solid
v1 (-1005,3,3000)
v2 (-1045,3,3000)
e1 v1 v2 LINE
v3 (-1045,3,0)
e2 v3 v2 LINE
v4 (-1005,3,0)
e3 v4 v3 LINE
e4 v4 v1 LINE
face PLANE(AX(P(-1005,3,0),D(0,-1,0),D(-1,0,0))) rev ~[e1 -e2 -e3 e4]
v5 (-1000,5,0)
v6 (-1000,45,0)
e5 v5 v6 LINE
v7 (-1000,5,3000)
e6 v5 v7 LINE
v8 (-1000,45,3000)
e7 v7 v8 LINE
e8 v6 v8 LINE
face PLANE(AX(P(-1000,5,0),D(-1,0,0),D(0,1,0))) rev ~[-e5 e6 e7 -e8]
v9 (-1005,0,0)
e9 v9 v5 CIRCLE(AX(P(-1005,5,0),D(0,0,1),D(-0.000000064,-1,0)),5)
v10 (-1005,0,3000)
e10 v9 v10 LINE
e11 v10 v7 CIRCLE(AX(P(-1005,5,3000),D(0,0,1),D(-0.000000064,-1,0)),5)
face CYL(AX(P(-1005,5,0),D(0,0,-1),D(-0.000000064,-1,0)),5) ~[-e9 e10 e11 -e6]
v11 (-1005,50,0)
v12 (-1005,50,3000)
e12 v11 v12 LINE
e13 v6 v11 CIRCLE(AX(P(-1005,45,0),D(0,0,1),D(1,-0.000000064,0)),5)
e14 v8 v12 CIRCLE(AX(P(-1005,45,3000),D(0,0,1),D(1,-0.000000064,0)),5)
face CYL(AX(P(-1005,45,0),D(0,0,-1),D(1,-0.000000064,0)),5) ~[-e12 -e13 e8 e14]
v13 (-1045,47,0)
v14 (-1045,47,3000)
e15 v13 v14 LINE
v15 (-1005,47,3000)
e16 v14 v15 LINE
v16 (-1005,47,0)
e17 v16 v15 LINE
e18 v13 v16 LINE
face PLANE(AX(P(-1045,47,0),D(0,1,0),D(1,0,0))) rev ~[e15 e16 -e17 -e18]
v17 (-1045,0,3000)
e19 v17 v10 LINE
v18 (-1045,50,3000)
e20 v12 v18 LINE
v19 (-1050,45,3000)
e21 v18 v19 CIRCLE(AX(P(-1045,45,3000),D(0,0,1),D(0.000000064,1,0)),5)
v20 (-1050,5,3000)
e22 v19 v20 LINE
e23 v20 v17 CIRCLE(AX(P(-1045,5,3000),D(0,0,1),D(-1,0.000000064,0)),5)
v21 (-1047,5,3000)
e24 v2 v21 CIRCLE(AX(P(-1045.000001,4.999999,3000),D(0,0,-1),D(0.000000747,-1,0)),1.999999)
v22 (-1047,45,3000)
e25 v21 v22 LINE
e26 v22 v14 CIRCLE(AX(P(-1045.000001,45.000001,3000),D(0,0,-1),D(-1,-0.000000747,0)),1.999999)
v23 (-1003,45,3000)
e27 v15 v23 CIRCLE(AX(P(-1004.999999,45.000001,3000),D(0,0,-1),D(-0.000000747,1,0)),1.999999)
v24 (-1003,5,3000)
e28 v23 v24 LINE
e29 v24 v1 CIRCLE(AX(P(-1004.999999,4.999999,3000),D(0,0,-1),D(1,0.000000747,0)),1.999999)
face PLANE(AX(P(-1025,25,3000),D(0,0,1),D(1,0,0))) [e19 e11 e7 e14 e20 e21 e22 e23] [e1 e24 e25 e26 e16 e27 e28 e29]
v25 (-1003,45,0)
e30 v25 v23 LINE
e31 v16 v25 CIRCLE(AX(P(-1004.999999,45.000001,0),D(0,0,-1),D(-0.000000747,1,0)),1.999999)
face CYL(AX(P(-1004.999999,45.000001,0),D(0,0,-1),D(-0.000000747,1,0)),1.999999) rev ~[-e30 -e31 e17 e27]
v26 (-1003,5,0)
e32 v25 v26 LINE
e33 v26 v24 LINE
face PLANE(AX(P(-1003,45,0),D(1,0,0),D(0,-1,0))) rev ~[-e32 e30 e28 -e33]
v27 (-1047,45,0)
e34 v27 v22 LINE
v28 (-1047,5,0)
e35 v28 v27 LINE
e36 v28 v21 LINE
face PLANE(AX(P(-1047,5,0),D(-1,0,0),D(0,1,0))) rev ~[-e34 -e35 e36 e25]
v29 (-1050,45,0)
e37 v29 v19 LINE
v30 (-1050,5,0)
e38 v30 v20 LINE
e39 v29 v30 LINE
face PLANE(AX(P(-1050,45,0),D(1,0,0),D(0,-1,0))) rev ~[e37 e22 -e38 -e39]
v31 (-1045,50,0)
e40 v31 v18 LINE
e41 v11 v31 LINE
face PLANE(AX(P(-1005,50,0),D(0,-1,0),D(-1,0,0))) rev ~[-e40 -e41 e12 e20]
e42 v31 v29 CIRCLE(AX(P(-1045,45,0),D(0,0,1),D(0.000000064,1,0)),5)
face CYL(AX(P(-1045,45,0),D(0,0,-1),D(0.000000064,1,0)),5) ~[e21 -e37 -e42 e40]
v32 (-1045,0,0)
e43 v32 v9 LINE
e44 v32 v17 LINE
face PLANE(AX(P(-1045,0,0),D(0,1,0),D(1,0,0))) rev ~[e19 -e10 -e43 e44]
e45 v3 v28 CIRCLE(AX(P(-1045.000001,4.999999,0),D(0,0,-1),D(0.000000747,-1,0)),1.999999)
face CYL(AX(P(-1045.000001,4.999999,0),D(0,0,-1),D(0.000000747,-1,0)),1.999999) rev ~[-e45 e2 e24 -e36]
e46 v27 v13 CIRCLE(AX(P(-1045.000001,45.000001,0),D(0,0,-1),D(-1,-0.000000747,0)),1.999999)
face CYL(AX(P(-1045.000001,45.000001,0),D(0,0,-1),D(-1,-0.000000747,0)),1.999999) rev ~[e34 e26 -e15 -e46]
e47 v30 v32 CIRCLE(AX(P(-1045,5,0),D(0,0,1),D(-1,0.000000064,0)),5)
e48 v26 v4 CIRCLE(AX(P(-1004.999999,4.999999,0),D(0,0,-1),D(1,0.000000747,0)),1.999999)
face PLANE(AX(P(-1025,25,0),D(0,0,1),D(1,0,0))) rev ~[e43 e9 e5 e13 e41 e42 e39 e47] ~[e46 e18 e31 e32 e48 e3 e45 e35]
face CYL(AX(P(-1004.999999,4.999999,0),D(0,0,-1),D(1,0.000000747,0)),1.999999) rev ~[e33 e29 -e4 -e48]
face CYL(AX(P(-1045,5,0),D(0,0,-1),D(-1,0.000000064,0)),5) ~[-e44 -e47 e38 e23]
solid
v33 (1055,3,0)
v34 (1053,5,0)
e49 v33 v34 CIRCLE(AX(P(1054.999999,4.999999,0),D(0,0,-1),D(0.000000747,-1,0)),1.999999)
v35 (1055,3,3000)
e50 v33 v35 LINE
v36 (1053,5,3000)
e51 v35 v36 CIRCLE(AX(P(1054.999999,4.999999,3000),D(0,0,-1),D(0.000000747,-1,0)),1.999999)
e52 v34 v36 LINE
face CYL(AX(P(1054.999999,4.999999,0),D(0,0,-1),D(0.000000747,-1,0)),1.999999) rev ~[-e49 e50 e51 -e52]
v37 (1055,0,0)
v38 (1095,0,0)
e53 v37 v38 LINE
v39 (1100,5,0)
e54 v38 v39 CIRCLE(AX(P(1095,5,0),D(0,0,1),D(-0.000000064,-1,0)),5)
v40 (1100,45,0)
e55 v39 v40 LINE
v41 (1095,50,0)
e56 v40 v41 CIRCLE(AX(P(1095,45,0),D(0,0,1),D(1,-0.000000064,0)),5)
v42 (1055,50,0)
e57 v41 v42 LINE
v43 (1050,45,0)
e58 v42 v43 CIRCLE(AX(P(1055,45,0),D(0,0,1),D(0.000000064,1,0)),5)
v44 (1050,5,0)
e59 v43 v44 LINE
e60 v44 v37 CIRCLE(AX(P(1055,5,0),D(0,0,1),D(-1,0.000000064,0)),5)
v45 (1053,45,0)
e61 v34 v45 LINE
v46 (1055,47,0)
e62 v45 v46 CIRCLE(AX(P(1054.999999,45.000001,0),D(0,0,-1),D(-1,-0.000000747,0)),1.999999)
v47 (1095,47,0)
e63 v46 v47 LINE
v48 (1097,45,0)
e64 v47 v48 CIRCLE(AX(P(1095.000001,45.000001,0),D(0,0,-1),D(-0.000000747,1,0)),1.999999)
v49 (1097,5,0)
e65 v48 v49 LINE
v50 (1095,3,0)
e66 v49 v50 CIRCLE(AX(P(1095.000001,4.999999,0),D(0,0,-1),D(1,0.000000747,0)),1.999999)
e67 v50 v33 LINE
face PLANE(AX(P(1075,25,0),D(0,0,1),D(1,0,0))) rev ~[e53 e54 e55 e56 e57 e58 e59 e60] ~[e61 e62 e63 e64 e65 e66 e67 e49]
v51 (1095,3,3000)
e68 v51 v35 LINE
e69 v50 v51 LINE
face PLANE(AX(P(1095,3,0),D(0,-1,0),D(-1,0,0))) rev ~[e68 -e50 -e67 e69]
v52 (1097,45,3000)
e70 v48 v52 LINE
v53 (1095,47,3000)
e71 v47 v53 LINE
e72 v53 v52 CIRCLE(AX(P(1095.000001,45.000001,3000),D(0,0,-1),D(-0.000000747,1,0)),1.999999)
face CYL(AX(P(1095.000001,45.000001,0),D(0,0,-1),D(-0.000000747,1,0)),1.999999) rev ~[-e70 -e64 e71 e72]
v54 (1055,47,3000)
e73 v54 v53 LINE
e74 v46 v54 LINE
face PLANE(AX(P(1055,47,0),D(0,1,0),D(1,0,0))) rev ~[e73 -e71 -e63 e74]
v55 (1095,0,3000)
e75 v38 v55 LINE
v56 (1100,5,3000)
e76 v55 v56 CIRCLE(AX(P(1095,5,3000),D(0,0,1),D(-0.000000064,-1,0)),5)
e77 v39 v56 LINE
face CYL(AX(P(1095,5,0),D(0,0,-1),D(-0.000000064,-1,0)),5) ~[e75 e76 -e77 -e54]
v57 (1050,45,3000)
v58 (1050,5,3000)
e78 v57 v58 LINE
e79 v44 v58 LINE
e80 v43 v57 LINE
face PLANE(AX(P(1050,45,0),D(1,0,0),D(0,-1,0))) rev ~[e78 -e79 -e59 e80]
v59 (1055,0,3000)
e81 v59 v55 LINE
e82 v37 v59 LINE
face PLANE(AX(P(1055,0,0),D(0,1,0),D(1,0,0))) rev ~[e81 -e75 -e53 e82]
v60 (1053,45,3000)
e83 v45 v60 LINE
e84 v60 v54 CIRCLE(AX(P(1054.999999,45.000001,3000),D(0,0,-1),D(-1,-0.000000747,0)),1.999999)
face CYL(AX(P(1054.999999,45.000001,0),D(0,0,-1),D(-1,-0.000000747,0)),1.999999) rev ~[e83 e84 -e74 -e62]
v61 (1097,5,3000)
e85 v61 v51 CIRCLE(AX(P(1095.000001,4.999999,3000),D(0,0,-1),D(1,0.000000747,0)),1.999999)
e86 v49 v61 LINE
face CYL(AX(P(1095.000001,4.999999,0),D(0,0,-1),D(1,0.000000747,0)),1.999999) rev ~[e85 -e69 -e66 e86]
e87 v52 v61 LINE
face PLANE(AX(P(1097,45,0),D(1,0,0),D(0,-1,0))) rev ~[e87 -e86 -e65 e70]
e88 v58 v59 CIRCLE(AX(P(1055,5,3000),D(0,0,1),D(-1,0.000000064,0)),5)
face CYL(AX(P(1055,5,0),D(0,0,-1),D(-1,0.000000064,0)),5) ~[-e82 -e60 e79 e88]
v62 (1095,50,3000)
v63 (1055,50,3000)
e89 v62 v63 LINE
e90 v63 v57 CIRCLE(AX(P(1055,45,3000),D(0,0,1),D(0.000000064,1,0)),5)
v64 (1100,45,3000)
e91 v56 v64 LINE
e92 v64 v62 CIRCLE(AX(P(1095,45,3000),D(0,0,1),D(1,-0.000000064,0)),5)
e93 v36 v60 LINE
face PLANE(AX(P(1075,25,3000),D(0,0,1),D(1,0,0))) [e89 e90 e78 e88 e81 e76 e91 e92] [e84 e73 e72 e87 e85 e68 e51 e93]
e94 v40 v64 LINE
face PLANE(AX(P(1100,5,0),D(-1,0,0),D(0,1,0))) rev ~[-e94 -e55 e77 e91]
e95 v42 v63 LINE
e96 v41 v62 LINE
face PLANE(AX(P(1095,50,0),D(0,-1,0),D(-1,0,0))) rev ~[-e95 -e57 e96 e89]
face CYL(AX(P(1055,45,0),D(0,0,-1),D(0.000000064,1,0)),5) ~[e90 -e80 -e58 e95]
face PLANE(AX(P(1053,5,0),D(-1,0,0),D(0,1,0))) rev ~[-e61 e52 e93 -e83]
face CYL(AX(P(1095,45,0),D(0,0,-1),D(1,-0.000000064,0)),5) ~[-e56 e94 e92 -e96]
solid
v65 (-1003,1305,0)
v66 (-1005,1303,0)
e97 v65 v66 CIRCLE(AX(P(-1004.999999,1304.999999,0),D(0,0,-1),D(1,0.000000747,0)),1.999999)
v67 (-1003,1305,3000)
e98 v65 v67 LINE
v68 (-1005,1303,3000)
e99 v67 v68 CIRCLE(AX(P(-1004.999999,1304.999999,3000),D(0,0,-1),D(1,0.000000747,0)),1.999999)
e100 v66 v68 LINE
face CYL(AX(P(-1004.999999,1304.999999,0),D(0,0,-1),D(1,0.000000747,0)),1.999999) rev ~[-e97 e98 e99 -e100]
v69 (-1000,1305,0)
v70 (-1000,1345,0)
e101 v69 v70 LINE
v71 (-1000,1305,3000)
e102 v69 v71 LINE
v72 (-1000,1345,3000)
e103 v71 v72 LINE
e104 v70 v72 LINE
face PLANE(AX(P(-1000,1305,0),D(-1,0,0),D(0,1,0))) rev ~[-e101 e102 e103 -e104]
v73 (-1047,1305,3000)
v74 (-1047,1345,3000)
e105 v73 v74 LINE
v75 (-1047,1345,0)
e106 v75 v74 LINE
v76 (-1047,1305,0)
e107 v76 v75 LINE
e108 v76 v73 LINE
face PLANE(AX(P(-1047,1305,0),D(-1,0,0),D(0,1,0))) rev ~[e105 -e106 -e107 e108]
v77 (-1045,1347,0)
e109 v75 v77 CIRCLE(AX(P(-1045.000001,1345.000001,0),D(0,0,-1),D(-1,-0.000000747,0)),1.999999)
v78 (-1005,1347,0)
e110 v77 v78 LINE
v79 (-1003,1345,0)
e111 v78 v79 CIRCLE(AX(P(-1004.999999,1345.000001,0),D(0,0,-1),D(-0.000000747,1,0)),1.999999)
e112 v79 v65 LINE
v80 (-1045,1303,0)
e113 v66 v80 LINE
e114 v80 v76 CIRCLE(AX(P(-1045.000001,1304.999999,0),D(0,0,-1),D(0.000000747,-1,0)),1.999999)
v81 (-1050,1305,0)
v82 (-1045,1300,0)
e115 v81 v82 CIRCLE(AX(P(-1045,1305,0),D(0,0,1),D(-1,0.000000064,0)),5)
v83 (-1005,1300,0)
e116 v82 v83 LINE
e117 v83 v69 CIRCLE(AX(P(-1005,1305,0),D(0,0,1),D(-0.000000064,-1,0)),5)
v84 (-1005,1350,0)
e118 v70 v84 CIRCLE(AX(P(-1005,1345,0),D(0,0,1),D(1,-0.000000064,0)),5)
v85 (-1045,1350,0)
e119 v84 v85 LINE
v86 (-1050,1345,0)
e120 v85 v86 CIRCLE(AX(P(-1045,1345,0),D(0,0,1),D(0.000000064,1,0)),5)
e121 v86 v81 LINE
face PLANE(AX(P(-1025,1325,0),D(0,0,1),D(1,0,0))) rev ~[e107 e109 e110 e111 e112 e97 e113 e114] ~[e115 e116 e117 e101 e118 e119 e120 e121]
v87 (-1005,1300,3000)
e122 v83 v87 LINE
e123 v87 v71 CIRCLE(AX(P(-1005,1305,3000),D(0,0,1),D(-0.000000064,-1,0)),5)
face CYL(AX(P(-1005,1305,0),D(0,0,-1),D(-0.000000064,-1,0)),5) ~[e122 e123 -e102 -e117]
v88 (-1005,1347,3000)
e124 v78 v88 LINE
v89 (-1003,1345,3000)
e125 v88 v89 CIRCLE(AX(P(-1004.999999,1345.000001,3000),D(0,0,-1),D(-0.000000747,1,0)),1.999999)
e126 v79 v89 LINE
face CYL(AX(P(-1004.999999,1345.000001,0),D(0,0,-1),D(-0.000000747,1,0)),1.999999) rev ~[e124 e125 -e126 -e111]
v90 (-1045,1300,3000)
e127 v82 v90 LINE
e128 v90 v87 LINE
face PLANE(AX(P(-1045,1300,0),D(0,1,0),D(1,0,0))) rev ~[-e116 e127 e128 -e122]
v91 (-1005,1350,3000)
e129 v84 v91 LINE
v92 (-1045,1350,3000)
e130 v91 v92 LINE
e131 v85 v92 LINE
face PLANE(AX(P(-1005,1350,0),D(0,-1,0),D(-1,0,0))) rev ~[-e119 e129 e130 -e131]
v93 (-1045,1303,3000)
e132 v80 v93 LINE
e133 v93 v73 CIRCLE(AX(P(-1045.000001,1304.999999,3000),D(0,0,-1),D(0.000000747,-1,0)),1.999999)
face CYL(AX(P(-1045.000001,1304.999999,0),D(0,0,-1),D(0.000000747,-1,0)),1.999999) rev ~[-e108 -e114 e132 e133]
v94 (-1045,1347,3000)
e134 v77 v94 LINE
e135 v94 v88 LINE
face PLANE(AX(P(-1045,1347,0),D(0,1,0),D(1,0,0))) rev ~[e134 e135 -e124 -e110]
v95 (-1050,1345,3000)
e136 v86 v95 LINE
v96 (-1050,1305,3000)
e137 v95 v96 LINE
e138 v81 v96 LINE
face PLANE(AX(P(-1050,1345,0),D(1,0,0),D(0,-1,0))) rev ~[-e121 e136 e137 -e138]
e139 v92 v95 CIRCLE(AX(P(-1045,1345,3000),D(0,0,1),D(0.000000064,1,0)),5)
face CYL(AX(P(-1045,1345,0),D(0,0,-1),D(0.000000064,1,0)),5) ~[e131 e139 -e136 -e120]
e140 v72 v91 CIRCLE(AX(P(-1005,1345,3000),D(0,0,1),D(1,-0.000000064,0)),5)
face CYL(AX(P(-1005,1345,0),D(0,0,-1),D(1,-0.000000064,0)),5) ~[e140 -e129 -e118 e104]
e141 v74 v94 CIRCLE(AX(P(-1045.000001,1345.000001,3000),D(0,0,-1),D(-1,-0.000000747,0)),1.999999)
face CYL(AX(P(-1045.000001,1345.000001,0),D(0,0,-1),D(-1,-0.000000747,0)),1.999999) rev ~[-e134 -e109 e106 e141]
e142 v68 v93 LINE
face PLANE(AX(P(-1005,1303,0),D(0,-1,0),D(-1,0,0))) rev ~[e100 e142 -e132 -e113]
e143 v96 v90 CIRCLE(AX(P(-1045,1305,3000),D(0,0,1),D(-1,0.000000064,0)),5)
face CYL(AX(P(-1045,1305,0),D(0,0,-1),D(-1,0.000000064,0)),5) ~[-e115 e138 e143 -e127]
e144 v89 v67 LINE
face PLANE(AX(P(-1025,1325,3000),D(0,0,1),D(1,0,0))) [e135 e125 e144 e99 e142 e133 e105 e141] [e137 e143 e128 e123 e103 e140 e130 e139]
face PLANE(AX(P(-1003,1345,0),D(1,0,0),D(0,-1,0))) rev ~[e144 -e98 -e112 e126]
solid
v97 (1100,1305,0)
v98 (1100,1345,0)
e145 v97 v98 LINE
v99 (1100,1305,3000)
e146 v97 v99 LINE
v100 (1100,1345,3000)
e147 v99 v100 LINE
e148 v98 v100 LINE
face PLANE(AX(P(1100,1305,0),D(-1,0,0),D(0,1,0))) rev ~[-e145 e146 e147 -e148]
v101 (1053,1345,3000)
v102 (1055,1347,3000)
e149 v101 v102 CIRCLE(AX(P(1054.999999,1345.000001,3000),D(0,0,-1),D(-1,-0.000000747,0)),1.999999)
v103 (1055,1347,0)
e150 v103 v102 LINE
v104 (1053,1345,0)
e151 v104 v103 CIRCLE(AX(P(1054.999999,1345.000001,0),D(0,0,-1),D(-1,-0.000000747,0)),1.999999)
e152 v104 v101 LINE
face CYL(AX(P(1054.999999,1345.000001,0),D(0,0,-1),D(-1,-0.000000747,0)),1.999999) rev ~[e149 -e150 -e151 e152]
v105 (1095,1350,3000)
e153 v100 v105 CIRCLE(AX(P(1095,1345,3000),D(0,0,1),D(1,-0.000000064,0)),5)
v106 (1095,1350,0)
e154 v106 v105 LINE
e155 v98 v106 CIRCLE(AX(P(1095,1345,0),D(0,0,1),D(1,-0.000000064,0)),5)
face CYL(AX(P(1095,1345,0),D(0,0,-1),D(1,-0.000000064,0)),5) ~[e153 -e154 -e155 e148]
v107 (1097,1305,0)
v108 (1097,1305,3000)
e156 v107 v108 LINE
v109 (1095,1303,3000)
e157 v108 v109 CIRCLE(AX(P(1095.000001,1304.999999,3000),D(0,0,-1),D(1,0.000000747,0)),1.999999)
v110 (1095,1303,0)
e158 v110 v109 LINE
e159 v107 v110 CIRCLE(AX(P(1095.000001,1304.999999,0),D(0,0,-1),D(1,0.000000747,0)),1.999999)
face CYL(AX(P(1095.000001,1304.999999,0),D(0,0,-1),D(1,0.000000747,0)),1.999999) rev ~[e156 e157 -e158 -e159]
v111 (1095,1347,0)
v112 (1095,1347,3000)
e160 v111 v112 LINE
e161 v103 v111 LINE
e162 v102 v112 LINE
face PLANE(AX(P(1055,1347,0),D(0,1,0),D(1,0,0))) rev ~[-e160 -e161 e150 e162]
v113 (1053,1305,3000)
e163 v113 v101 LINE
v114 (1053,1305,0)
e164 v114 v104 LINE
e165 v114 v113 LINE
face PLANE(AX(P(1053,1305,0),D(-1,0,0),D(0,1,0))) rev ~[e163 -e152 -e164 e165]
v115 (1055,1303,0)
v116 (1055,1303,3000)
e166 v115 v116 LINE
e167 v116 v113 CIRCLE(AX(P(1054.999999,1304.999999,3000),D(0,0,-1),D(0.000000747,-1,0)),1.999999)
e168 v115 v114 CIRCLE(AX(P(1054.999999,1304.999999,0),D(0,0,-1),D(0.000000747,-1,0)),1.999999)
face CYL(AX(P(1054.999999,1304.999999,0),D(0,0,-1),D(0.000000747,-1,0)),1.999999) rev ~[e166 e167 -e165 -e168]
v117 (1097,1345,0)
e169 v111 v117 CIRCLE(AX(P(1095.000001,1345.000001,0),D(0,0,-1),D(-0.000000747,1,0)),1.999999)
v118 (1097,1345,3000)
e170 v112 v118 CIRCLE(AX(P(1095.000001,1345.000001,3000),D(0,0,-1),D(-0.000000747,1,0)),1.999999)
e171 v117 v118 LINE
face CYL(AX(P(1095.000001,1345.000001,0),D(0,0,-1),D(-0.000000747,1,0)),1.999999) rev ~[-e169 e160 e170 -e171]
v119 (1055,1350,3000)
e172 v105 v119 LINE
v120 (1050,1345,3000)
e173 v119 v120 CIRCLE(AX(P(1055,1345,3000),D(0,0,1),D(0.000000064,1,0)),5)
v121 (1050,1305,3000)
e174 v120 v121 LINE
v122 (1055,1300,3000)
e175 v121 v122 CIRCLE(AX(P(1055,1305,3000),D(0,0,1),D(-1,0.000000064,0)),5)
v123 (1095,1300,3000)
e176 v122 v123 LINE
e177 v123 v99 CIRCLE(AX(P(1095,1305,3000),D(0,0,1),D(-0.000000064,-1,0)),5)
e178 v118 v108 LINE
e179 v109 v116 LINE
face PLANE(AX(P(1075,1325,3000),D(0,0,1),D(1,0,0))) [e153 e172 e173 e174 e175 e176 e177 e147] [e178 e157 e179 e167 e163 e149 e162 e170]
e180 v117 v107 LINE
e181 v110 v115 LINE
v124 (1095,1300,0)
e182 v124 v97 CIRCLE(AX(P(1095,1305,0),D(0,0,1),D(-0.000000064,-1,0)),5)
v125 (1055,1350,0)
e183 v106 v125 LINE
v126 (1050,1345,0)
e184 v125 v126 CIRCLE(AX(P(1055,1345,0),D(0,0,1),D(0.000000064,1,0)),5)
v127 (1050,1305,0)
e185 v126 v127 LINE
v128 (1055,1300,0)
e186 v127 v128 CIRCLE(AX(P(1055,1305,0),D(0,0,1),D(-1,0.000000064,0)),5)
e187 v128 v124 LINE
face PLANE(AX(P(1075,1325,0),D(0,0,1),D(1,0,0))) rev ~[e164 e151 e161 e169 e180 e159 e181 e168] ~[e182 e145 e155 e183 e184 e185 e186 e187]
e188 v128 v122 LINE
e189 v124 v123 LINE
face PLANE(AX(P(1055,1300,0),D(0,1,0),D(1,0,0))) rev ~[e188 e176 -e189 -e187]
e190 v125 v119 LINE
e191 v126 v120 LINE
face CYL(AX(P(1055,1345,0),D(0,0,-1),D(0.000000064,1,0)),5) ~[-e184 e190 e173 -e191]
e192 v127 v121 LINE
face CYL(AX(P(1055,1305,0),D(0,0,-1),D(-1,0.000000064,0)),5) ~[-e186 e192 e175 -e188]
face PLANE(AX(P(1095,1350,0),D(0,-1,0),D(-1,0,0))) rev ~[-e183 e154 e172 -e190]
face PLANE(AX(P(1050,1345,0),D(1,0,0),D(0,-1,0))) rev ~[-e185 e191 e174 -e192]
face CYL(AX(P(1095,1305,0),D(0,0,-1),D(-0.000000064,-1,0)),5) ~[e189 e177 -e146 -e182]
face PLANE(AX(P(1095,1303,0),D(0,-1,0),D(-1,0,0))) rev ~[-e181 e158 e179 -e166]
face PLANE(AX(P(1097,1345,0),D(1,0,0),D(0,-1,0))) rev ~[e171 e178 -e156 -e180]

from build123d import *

# Parameters (mm, degrees)
F1_DEPTH = 3000


with BuildPart() as f1:
    # F0 (on Top) → F1 (new body)
    with BuildSketch(Plane.XY):
        with BuildLine():
            Line((-1005, 1350), (-1045, 1350))
            ThreePointArc((-1045, 1350), (-1048.535534, 1348.535534), (-1050, 1345))
            Line((-1050, 1345), (-1050, 1305))
            ThreePointArc((-1050, 1305), (-1048.535534, 1301.464466), (-1045, 1300))
            Line((-1045, 1300), (-1005, 1300))
            ThreePointArc((-1005, 1300), (-1001.464466, 1301.464466), (-1000, 1305))
            Line((-1000, 1305), (-1000, 1345))
            ThreePointArc((-1000, 1345), (-1001.464466, 1348.535534), (-1005, 1350))
        make_face()
        with BuildLine():
            ThreePointArc((-1005, 1347), (-1003.585786, 1346.414214), (-1003, 1345))
            Line((-1003, 1345), (-1003, 1305))
            ThreePointArc((-1003, 1305), (-1003.585786, 1303.585786), (-1005, 1303))
            Line((-1005, 1303), (-1045, 1303))
            ThreePointArc((-1045, 1303), (-1046.414214, 1303.585786), (-1047, 1305))
            Line((-1047, 1305), (-1047, 1345))
            ThreePointArc((-1047, 1345), (-1046.414214, 1346.414214), (-1045, 1347))
            Line((-1045, 1347), (-1005, 1347))
        make_face(mode=Mode.SUBTRACT)
        with BuildLine():
            Line((-1045, 0), (-1005, 0))
            ThreePointArc((-1005, 0), (-1001.464466, 1.464466), (-1000, 5))
            Line((-1000, 5), (-1000, 45))
            ThreePointArc((-1000, 45), (-1001.464466, 48.535534), (-1005, 50))
            Line((-1005, 50), (-1045, 50))
            ThreePointArc((-1045, 50), (-1048.535534, 48.535534), (-1050, 45))
            Line((-1050, 45), (-1050, 5))
            ThreePointArc((-1050, 5), (-1048.535534, 1.464466), (-1045, 0))
        make_face()
        with BuildLine():
            Line((-1005, 3), (-1045, 3))
            ThreePointArc((-1045, 3), (-1046.414214, 3.585786), (-1047, 5))
            Line((-1047, 5), (-1047, 45))
            ThreePointArc((-1047, 45), (-1046.414214, 46.414214), (-1045, 47))
            Line((-1045, 47), (-1005, 47))
            ThreePointArc((-1005, 47), (-1003.585786, 46.414214), (-1003, 45))
            Line((-1003, 45), (-1003, 5))
            ThreePointArc((-1003, 5), (-1003.585786, 3.585786), (-1005, 3))
        make_face(mode=Mode.SUBTRACT)
        with BuildLine():
            Line((1055, 1300), (1095, 1300))
            ThreePointArc((1095, 1300), (1098.535534, 1301.464466), (1100, 1305))
            Line((1100, 1305), (1100, 1345))
            ThreePointArc((1100, 1345), (1098.535534, 1348.535534), (1095, 1350))
            Line((1095, 1350), (1055, 1350))
            ThreePointArc((1055, 1350), (1051.464466, 1348.535534), (1050, 1345))
            Line((1050, 1345), (1050, 1305))
            ThreePointArc((1050, 1305), (1051.464466, 1301.464466), (1055, 1300))
        make_face()
        with BuildLine():
            Line((1095, 1303), (1055, 1303))
            ThreePointArc((1055, 1303), (1053.585786, 1303.585786), (1053, 1305))
            Line((1053, 1305), (1053, 1345))
            ThreePointArc((1053, 1345), (1053.585786, 1346.414214), (1055, 1347))
            Line((1055, 1347), (1095, 1347))
            ThreePointArc((1095, 1347), (1096.414214, 1346.414214), (1097, 1345))
            Line((1097, 1345), (1097, 1305))
            ThreePointArc((1097, 1305), (1096.414214, 1303.585786), (1095, 1303))
        make_face(mode=Mode.SUBTRACT)
        with BuildLine():
            Line((1055, 0), (1095, 0))
            ThreePointArc((1095, 0), (1098.535534, 1.464466), (1100, 5))
            Line((1100, 5), (1100, 45))
            ThreePointArc((1100, 45), (1098.535534, 48.535534), (1095, 50))
            Line((1095, 50), (1055, 50))
            ThreePointArc((1055, 50), (1051.464466, 48.535534), (1050, 45))
            Line((1050, 45), (1050, 5))
            ThreePointArc((1050, 5), (1051.464466, 1.464466), (1055, 0))
        make_face()
        with BuildLine():
            Line((1095, 3), (1055, 3))
            ThreePointArc((1055, 3), (1053.585786, 3.585786), (1053, 5))
            Line((1053, 5), (1053, 45))
            ThreePointArc((1053, 45), (1053.585786, 46.414214), (1055, 47))
            Line((1055, 47), (1095, 47))
            ThreePointArc((1095, 47), (1096.414214, 46.414214), (1097, 45))
            Line((1097, 45), (1097, 5))
            ThreePointArc((1097, 5), (1096.414214, 3.585786), (1095, 3))
        make_face(mode=Mode.SUBTRACT)
    extrude(amount=F1_DEPTH)


solid = f1.part
